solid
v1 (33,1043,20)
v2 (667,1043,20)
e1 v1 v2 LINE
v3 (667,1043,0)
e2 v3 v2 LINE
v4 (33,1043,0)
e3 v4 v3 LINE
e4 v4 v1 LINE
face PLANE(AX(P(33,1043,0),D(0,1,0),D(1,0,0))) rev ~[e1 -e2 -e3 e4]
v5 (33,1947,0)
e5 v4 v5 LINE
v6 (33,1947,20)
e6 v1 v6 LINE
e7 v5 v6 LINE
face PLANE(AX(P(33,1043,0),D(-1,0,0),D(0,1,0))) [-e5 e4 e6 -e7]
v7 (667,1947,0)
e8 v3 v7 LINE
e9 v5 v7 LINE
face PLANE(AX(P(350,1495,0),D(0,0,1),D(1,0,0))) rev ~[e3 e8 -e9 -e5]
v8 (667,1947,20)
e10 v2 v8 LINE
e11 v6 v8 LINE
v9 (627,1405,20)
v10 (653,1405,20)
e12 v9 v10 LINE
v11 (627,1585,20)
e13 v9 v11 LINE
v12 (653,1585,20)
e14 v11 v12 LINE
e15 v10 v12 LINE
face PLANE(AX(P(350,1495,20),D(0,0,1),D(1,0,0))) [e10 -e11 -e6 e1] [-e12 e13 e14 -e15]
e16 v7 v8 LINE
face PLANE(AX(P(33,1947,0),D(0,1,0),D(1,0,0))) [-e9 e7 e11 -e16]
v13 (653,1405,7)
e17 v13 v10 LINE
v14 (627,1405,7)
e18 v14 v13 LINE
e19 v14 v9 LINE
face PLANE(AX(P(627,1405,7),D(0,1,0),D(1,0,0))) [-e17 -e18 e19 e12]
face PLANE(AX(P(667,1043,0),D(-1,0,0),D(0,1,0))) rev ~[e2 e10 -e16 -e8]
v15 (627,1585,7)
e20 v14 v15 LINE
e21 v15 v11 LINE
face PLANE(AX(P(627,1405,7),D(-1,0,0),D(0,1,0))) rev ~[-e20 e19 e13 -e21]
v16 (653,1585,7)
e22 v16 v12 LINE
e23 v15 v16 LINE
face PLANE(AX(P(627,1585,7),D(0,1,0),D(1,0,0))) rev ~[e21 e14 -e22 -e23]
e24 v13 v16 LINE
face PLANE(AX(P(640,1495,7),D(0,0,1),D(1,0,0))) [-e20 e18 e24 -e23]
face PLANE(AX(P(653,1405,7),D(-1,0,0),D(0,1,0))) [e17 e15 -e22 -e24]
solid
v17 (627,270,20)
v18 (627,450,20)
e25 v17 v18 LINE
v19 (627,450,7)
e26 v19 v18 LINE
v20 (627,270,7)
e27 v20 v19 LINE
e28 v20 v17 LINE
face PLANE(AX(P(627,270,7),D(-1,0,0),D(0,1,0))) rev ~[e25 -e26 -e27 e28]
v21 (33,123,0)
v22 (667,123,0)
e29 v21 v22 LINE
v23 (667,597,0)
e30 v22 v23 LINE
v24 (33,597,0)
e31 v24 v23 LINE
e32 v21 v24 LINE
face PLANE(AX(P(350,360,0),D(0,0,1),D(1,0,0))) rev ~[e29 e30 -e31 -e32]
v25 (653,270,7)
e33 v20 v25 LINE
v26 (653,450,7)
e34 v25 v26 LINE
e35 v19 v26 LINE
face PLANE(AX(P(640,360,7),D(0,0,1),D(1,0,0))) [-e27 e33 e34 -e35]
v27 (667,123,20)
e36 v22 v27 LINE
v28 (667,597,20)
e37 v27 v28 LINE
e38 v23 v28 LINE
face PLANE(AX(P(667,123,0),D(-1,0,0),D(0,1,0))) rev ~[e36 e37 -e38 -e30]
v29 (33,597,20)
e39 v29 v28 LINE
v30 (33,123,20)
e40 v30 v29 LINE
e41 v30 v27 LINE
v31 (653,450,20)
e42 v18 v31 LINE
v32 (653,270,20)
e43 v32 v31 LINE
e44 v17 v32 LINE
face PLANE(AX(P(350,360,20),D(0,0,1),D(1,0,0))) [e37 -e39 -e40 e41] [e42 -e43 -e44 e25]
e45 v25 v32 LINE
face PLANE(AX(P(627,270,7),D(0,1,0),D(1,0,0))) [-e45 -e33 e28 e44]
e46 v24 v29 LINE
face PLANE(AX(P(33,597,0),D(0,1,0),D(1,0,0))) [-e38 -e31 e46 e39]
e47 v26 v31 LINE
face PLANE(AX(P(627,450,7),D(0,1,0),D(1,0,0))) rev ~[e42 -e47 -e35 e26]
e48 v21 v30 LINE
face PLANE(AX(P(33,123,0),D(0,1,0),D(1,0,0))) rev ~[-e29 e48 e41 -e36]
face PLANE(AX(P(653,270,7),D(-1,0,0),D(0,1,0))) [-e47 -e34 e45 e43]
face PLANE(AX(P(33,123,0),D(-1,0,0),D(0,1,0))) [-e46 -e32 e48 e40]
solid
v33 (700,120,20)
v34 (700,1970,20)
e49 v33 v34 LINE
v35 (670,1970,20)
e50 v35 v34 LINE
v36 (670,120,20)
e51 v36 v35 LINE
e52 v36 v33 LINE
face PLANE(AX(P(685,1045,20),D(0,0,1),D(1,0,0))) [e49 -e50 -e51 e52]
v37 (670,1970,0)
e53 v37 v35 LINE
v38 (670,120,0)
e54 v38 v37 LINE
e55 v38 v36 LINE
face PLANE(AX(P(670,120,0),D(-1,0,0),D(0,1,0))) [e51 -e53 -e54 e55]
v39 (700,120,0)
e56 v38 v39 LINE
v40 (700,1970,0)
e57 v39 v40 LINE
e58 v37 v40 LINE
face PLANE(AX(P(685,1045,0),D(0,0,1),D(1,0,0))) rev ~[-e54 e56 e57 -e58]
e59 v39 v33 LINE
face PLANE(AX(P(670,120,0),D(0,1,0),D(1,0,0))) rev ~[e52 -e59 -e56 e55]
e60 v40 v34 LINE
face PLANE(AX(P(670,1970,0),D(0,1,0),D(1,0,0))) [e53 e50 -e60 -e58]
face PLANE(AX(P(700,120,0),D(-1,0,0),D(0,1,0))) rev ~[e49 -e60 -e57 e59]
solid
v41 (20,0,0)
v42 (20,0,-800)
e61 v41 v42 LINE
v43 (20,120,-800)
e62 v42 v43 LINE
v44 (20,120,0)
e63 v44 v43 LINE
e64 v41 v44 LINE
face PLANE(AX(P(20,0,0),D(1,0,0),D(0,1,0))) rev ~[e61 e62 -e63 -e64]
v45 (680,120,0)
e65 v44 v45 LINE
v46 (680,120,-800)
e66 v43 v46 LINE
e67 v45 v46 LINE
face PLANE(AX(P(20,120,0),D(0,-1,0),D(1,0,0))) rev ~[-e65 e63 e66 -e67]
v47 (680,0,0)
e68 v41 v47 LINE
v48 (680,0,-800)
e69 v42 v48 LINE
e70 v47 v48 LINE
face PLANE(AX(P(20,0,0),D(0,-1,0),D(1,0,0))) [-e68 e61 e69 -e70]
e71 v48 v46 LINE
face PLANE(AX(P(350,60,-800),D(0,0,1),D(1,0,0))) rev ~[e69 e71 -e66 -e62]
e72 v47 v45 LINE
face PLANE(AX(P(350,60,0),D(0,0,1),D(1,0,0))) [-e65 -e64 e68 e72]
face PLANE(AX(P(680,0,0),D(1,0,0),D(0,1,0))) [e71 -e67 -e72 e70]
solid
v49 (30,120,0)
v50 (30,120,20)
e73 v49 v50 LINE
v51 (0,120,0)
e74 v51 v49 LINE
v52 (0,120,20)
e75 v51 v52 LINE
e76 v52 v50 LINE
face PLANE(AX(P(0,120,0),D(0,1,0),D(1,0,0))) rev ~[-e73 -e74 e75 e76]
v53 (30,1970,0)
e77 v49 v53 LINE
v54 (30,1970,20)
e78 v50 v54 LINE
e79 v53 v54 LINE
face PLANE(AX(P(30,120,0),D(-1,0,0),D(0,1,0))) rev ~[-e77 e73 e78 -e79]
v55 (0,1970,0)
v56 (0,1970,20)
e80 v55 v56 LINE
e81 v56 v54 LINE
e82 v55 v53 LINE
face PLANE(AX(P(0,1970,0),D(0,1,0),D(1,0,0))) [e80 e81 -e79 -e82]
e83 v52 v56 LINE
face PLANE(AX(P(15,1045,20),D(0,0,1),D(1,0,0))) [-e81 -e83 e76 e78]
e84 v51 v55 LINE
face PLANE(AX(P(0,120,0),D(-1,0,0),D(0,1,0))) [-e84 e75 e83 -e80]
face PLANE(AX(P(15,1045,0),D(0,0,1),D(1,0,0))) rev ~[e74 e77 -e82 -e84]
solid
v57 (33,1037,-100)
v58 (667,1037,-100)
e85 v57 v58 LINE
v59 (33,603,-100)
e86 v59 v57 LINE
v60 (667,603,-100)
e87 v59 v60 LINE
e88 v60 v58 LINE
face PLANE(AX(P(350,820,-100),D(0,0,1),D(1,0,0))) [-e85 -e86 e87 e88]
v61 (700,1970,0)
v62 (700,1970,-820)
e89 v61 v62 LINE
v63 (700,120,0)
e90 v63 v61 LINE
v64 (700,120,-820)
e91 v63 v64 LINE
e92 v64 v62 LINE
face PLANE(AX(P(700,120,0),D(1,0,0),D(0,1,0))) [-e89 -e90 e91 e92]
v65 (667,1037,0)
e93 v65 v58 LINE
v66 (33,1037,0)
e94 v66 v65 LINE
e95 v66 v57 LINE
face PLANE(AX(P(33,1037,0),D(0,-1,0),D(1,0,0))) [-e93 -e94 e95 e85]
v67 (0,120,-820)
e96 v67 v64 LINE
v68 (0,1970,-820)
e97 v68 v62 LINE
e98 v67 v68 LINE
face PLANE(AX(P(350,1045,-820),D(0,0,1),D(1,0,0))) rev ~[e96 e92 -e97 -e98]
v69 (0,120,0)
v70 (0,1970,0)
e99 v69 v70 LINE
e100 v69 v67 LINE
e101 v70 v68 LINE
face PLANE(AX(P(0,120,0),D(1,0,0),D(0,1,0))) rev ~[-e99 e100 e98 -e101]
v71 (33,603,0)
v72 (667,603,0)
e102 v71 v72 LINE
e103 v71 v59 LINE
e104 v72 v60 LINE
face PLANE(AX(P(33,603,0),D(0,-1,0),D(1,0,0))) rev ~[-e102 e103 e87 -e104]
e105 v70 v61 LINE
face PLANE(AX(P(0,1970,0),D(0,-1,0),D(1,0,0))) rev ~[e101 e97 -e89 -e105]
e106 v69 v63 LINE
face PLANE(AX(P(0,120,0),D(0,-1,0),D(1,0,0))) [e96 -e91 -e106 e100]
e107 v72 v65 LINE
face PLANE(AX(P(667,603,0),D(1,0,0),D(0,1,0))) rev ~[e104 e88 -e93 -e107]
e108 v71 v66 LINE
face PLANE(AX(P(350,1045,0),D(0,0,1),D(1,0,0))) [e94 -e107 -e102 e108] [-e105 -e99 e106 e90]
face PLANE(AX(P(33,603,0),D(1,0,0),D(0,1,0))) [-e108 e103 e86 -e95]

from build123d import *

# Parameters (mm, degrees)
SKETCH1_W                 = 700
SKETCH1_H                 = 1850
GOVDE_KASA_DEPTH          = 820
SKETCH2_W                 = 660
SKETCH2_H                 = 120
PLINT_DEPTH               = 800
SKETCH3_W                 = 30
SKETCH3_H                 = 1850
SOVE_SOL_DEPTH            = 20
SKETCH4_W                 = 30
SKETCH4_H                 = 1850
SOVE_SAG_DEPTH            = 20
SKETCH5_W                 = 634
SKETCH5_H                 = 904
KAPI_SARJOR_DEPTH         = 20
KAPI_SARJOR_KULP_START    = 7
SKETCH6_W                 = 26
SKETCH6_H                 = 180
KAPI_SARJOR_KULP_DEPTH    = 13
SKETCH7_W                 = 634
SKETCH7_H                 = 434
ACIKLIK_KUTULAMA_DEPTH    = 100
SKETCH8_W                 = 634
SKETCH8_H                 = 474
KAPAK_PANO_MEK_DEPTH      = 20
KAPAK_PANO_MEK_KULP_START = 7
SKETCH9_W                 = 26
SKETCH9_H                 = 180
KAPAK_PANO_MEK_KULP_DEPTH = 13


with BuildPart() as part:
    # Sketch1 → govde_kasa (new body)
    with BuildSketch(Plane.XY):
        with Locations((350, 1045)):
            Rectangle(SKETCH1_W, SKETCH1_H)
    extrude(amount=-GOVDE_KASA_DEPTH)

    # Sketch7 → aciklik_kutulama (cut)
    with BuildSketch(Plane.XY):
        with Locations((350, 820)):
            Rectangle(SKETCH7_W, SKETCH7_H)
    extrude(amount=-ACIKLIK_KUTULAMA_DEPTH, mode=Mode.SUBTRACT)


with BuildPart() as body_2:
    # Sketch2 → plint (new body)
    with BuildSketch(Plane.XY):
        with Locations((350, 60)):
            Rectangle(SKETCH2_W, SKETCH2_H)
    extrude(amount=-PLINT_DEPTH)


with BuildPart() as body_3:
    # Sketch3 → sove_sol (new body)
    with BuildSketch(Plane.XY):
        with Locations((15, 1045)):
            Rectangle(SKETCH3_W, SKETCH3_H)
    extrude(amount=SOVE_SOL_DEPTH)


with BuildPart() as body_4:
    # Sketch4 → sove_sag (new body)
    with BuildSketch(Plane.XY):
        with Locations((685, 1045)):
            Rectangle(SKETCH4_W, SKETCH4_H)
    extrude(amount=SOVE_SAG_DEPTH)


with BuildPart() as body_5:
    # Sketch5 → kapi_sarjor (new body)
    with BuildSketch(Plane.XY):
        with Locations((350, 1495)):
            Rectangle(SKETCH5_W, SKETCH5_H)
    extrude(amount=KAPI_SARJOR_DEPTH)

    # Sketch6 → kapi_sarjor_kulp (cut)
    with BuildSketch(Plane.XY.offset(KAPI_SARJOR_KULP_START)):
        with Locations((640, 1495)):
            Rectangle(SKETCH6_W, SKETCH6_H)
    extrude(amount=KAPI_SARJOR_KULP_DEPTH, mode=Mode.SUBTRACT)


with BuildPart() as body_6:
    # Sketch8 → kapak_pano_mek (new body)
    with BuildSketch(Plane.XY):
        with Locations((350, 360)):
            Rectangle(SKETCH8_W, SKETCH8_H)
    extrude(amount=KAPAK_PANO_MEK_DEPTH)

    # Sketch9 → kapak_pano_mek_kulp (cut)
    with BuildSketch(Plane.XY.offset(KAPAK_PANO_MEK_KULP_START)):
        with Locations((640, 360)):
            Rectangle(SKETCH9_W, SKETCH9_H)
    extrude(amount=KAPAK_PANO_MEK_KULP_DEPTH, mode=Mode.SUBTRACT)


solid = Compound([part.part, body_2.part, body_3.part, body_4.part, body_5.part, body_6.part])
